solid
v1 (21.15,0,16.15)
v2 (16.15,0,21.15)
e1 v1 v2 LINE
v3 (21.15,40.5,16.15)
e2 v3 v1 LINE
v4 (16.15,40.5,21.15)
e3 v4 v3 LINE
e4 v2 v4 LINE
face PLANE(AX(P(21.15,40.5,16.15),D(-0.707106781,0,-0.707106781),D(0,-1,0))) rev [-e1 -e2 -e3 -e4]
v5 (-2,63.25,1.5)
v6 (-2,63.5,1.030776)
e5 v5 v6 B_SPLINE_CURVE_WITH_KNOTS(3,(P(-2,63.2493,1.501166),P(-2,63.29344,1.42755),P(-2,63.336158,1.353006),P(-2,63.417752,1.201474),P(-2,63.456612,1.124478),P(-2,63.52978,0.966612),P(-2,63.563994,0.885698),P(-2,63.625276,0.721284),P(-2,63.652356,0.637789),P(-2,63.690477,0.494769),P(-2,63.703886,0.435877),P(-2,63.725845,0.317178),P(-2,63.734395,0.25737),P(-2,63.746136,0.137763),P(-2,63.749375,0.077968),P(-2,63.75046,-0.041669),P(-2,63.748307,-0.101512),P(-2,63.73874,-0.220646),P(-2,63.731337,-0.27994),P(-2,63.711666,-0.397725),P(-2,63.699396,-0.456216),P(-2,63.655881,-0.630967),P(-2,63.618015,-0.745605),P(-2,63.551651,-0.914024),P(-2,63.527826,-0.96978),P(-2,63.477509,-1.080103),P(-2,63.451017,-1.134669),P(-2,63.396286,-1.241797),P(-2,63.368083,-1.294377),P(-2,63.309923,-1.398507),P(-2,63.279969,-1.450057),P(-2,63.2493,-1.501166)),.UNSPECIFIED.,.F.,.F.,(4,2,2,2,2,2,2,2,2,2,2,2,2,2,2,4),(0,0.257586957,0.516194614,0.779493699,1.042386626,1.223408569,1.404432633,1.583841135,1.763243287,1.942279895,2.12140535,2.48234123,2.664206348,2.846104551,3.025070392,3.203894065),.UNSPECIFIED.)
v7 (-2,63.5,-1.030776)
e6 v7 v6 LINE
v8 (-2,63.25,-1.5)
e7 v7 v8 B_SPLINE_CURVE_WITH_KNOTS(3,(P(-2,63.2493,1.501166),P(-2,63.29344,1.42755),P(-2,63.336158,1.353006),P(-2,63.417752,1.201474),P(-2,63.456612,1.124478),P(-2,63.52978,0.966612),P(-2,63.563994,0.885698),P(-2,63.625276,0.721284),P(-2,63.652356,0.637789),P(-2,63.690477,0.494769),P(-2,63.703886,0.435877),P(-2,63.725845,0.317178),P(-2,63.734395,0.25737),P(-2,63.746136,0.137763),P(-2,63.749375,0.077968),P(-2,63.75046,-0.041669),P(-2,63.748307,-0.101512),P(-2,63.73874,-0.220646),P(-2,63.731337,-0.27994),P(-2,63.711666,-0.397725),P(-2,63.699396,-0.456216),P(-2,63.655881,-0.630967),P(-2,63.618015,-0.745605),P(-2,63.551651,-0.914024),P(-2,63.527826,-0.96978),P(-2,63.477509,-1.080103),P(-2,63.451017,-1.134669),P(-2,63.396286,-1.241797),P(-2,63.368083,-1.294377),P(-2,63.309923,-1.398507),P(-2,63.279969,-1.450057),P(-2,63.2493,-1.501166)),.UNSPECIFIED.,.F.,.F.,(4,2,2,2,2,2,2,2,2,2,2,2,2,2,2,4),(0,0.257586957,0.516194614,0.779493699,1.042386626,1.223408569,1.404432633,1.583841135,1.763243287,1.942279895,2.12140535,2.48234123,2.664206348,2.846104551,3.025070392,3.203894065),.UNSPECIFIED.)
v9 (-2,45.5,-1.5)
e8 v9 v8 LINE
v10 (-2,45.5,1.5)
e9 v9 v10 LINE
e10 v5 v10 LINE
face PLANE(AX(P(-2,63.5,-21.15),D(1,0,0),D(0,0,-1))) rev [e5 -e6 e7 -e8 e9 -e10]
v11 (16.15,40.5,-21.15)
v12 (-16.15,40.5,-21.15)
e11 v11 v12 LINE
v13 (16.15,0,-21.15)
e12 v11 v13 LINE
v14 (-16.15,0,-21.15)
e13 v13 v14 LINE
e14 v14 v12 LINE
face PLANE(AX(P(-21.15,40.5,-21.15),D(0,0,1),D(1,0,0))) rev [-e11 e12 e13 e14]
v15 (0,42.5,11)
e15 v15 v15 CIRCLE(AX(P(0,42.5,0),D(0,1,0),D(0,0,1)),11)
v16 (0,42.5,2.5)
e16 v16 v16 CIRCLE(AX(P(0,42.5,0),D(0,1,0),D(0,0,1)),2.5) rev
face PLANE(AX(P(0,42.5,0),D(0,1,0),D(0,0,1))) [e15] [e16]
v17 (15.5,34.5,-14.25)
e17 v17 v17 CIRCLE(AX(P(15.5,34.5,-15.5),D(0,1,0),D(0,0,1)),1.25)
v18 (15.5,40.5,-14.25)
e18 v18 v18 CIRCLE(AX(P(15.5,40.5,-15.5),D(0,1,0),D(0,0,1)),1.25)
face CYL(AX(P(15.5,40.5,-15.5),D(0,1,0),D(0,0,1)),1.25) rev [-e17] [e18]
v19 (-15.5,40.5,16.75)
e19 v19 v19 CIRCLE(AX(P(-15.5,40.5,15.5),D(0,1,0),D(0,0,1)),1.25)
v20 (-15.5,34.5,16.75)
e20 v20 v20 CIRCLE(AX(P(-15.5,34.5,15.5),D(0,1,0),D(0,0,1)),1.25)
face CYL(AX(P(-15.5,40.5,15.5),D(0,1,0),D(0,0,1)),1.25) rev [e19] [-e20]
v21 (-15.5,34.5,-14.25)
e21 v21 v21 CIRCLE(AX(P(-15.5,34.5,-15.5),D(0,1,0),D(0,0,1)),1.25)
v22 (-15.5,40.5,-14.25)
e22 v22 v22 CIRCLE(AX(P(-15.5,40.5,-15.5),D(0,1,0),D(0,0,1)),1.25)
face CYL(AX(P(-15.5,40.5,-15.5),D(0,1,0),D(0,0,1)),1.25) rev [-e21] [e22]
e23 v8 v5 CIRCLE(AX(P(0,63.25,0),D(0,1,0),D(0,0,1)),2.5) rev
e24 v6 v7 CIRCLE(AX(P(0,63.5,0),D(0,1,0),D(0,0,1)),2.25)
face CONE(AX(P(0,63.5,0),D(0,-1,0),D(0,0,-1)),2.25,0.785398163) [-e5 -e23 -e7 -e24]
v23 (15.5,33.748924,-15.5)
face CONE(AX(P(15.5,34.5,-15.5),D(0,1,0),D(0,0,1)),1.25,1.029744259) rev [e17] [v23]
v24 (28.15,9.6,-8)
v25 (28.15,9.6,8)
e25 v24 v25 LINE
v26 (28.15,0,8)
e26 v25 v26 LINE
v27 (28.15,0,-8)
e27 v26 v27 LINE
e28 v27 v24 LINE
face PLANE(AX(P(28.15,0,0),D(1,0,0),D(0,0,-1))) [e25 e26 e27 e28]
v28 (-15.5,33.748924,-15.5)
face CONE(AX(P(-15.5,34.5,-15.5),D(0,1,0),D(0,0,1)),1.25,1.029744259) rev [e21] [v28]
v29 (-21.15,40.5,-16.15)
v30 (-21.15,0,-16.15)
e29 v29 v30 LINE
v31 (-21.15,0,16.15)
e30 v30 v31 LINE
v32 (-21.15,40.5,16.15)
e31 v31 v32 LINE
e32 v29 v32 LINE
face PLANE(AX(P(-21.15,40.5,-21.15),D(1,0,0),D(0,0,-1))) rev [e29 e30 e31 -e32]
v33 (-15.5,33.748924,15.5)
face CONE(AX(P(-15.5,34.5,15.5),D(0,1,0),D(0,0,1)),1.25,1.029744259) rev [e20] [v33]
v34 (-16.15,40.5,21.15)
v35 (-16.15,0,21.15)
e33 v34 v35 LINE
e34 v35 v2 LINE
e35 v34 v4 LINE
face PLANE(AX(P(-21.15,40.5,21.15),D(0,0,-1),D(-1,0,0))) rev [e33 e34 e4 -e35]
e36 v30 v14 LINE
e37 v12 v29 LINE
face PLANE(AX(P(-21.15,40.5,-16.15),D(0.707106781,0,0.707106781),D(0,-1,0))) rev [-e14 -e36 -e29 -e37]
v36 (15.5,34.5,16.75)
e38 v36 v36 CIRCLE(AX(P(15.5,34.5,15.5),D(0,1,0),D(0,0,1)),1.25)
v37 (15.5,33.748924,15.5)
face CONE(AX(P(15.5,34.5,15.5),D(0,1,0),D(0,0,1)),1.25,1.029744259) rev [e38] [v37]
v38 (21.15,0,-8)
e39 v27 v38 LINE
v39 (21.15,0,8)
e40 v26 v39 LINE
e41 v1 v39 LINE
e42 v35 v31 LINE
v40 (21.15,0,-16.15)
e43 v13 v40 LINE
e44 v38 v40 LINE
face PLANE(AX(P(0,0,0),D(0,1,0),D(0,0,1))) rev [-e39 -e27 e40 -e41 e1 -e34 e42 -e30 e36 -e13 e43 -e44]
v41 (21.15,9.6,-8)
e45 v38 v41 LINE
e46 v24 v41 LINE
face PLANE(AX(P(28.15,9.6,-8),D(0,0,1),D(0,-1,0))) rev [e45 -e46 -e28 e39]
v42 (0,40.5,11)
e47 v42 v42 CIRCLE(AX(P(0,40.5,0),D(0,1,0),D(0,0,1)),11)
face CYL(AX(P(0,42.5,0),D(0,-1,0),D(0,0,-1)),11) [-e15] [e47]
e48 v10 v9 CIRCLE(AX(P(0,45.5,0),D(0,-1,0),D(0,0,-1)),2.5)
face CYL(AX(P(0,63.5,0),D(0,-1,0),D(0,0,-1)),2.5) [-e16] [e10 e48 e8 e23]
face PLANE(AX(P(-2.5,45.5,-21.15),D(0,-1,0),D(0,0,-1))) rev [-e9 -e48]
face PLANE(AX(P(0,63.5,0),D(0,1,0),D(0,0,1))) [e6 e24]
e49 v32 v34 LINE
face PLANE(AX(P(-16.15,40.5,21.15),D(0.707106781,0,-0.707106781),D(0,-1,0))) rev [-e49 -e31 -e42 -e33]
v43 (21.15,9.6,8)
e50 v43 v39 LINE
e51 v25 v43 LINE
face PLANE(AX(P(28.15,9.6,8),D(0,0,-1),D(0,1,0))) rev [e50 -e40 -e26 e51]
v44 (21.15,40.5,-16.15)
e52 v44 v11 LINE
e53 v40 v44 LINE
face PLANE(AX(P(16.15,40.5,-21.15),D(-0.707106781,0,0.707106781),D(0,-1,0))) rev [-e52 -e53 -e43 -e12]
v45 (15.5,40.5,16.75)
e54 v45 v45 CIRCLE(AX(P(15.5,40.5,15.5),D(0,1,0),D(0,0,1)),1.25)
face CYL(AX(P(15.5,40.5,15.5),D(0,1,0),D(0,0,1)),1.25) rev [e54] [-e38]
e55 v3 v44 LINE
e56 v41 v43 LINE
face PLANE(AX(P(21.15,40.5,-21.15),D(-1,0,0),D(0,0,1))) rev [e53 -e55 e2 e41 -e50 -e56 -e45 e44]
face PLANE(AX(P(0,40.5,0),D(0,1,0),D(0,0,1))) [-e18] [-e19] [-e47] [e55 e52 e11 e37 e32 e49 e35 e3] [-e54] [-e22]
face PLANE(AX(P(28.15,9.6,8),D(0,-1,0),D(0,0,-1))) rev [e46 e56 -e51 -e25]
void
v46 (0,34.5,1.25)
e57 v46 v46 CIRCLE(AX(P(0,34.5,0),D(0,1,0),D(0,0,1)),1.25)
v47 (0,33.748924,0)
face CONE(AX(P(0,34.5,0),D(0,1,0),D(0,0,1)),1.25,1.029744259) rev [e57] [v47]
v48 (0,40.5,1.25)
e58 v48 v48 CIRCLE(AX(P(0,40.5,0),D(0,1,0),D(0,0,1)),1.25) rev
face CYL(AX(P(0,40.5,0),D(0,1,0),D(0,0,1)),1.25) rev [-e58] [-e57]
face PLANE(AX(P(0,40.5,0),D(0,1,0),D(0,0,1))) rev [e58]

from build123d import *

# Parameters (mm, degrees)
SKETCH1_W                 = 42.3
SKETCH1_H                 = 42.3
BOSS_EXTRUDE1_DEPTH       = 40.5
M3X0_5_TAPPED_HOLE2_D     = 2.5
M3X0_5_TAPPED_HOLE2_DEPTH = 6
M3X0_5_TAPPED_HOLE2_TIP   = 0.751075774
CHAMFER1_SIZE             = 5
SKETCH2_R                 = 11
BOSS_EXTRUDE2_DEPTH       = 2
SKETCH3_R                 = 2.5
BOSS_EXTRUDE3_DEPTH       = 23
CHAMFER2_SIZE             = 0.25
CUT_EXTRUDE1_DEPTH        = 71.191844256
CUT_EXTRUDE1_DEPTH_BACK   = 71.191844256
SKETCH7_W                 = 0.5
SKETCH7_H                 = 18
SKETCH4_W                 = 16
SKETCH4_H                 = 9.6
BOSS_EXTRUDE4_DEPTH       = 7


with BuildPart() as part:
    # Sketch1 → Boss-Extrude1 (new body)
    with BuildSketch(Plane(origin=(0, 0, 0), x_dir=(1, 0, 0), z_dir=(0, 1, 0))):
        Rectangle(SKETCH1_W, SKETCH1_H)
    extrude(amount=BOSS_EXTRUDE1_DEPTH)

    # M3x0.5 Tapped Hole2
    with Locations(Plane(origin=(0, 40.5, 0), x_dir=(1, 0, 0), z_dir=(0, 1, 0))):
        with Locations((0, 0), (15.5, 15.5), (-15.5, -15.5), (-15.5, 15.5), (15.5, -15.5)):
            Hole(M3X0_5_TAPPED_HOLE2_D / 2, depth=M3X0_5_TAPPED_HOLE2_DEPTH)
            with Locations((0, 0, -(M3X0_5_TAPPED_HOLE2_DEPTH + M3X0_5_TAPPED_HOLE2_TIP / 2))):  # 118° drill point
                Cone(0, M3X0_5_TAPPED_HOLE2_D / 2, M3X0_5_TAPPED_HOLE2_TIP, mode=Mode.SUBTRACT)

    # Chamfer1
    chamfer1_edges = [part.edges().sort_by_distance(p)[0] for p in [
        (21.15, 20.25, 21.15),
        (-21.15, 20.25, 21.15),
        (-21.15, 20.25, -21.15),
        (21.15, 20.25, -21.15),
    ]]
    chamfer(chamfer1_edges, length=CHAMFER1_SIZE)

    # Sketch2 → Boss-Extrude2 (add)
    with BuildSketch(Plane(origin=(0, 40.5, 0), x_dir=(1, 0, 0), z_dir=(0, 1, 0))):
        with Locations(Location((0, 0, 0), (0, 0, 270))):
            Circle(SKETCH2_R)
    extrude(amount=BOSS_EXTRUDE2_DEPTH)

    # Sketch3 → Boss-Extrude3 (add)
    with BuildSketch(Plane(origin=(0, 40.5, 0), x_dir=(1, 0, 0), z_dir=(0, 1, 0))):
        with Locations(Location((0, 0, 0), (0, 0, 270))):
            Circle(SKETCH3_R)
    extrude(amount=BOSS_EXTRUDE3_DEPTH)

    # Chamfer2
    chamfer2_edges = [part.edges().sort_by_distance(p)[0] for p in [
        (0, 63.5, -2.5),
    ]]
    chamfer(chamfer2_edges, length=CHAMFER2_SIZE)

    # Sketch7 → Cut-Extrude1 (cut, two sides: drawn at the far end of the back side and taken through both)
    with BuildSketch(Plane.XY.offset(-CUT_EXTRUDE1_DEPTH_BACK)):
        with Locations((-2.25, 54.5)):
            Rectangle(SKETCH7_W, SKETCH7_H)
    extrude(amount=CUT_EXTRUDE1_DEPTH + CUT_EXTRUDE1_DEPTH_BACK, mode=Mode.SUBTRACT)

    # Sketch4 → Boss-Extrude4 (add)
    with BuildSketch(Plane(origin=(21.15, 0, 0), x_dir=(0, 0, -1), z_dir=(1, 0, 0))):
        with Locations((0, 4.8)):
            Rectangle(SKETCH4_W, SKETCH4_H)
    extrude(amount=BOSS_EXTRUDE4_DEPTH)


solid = part.part
